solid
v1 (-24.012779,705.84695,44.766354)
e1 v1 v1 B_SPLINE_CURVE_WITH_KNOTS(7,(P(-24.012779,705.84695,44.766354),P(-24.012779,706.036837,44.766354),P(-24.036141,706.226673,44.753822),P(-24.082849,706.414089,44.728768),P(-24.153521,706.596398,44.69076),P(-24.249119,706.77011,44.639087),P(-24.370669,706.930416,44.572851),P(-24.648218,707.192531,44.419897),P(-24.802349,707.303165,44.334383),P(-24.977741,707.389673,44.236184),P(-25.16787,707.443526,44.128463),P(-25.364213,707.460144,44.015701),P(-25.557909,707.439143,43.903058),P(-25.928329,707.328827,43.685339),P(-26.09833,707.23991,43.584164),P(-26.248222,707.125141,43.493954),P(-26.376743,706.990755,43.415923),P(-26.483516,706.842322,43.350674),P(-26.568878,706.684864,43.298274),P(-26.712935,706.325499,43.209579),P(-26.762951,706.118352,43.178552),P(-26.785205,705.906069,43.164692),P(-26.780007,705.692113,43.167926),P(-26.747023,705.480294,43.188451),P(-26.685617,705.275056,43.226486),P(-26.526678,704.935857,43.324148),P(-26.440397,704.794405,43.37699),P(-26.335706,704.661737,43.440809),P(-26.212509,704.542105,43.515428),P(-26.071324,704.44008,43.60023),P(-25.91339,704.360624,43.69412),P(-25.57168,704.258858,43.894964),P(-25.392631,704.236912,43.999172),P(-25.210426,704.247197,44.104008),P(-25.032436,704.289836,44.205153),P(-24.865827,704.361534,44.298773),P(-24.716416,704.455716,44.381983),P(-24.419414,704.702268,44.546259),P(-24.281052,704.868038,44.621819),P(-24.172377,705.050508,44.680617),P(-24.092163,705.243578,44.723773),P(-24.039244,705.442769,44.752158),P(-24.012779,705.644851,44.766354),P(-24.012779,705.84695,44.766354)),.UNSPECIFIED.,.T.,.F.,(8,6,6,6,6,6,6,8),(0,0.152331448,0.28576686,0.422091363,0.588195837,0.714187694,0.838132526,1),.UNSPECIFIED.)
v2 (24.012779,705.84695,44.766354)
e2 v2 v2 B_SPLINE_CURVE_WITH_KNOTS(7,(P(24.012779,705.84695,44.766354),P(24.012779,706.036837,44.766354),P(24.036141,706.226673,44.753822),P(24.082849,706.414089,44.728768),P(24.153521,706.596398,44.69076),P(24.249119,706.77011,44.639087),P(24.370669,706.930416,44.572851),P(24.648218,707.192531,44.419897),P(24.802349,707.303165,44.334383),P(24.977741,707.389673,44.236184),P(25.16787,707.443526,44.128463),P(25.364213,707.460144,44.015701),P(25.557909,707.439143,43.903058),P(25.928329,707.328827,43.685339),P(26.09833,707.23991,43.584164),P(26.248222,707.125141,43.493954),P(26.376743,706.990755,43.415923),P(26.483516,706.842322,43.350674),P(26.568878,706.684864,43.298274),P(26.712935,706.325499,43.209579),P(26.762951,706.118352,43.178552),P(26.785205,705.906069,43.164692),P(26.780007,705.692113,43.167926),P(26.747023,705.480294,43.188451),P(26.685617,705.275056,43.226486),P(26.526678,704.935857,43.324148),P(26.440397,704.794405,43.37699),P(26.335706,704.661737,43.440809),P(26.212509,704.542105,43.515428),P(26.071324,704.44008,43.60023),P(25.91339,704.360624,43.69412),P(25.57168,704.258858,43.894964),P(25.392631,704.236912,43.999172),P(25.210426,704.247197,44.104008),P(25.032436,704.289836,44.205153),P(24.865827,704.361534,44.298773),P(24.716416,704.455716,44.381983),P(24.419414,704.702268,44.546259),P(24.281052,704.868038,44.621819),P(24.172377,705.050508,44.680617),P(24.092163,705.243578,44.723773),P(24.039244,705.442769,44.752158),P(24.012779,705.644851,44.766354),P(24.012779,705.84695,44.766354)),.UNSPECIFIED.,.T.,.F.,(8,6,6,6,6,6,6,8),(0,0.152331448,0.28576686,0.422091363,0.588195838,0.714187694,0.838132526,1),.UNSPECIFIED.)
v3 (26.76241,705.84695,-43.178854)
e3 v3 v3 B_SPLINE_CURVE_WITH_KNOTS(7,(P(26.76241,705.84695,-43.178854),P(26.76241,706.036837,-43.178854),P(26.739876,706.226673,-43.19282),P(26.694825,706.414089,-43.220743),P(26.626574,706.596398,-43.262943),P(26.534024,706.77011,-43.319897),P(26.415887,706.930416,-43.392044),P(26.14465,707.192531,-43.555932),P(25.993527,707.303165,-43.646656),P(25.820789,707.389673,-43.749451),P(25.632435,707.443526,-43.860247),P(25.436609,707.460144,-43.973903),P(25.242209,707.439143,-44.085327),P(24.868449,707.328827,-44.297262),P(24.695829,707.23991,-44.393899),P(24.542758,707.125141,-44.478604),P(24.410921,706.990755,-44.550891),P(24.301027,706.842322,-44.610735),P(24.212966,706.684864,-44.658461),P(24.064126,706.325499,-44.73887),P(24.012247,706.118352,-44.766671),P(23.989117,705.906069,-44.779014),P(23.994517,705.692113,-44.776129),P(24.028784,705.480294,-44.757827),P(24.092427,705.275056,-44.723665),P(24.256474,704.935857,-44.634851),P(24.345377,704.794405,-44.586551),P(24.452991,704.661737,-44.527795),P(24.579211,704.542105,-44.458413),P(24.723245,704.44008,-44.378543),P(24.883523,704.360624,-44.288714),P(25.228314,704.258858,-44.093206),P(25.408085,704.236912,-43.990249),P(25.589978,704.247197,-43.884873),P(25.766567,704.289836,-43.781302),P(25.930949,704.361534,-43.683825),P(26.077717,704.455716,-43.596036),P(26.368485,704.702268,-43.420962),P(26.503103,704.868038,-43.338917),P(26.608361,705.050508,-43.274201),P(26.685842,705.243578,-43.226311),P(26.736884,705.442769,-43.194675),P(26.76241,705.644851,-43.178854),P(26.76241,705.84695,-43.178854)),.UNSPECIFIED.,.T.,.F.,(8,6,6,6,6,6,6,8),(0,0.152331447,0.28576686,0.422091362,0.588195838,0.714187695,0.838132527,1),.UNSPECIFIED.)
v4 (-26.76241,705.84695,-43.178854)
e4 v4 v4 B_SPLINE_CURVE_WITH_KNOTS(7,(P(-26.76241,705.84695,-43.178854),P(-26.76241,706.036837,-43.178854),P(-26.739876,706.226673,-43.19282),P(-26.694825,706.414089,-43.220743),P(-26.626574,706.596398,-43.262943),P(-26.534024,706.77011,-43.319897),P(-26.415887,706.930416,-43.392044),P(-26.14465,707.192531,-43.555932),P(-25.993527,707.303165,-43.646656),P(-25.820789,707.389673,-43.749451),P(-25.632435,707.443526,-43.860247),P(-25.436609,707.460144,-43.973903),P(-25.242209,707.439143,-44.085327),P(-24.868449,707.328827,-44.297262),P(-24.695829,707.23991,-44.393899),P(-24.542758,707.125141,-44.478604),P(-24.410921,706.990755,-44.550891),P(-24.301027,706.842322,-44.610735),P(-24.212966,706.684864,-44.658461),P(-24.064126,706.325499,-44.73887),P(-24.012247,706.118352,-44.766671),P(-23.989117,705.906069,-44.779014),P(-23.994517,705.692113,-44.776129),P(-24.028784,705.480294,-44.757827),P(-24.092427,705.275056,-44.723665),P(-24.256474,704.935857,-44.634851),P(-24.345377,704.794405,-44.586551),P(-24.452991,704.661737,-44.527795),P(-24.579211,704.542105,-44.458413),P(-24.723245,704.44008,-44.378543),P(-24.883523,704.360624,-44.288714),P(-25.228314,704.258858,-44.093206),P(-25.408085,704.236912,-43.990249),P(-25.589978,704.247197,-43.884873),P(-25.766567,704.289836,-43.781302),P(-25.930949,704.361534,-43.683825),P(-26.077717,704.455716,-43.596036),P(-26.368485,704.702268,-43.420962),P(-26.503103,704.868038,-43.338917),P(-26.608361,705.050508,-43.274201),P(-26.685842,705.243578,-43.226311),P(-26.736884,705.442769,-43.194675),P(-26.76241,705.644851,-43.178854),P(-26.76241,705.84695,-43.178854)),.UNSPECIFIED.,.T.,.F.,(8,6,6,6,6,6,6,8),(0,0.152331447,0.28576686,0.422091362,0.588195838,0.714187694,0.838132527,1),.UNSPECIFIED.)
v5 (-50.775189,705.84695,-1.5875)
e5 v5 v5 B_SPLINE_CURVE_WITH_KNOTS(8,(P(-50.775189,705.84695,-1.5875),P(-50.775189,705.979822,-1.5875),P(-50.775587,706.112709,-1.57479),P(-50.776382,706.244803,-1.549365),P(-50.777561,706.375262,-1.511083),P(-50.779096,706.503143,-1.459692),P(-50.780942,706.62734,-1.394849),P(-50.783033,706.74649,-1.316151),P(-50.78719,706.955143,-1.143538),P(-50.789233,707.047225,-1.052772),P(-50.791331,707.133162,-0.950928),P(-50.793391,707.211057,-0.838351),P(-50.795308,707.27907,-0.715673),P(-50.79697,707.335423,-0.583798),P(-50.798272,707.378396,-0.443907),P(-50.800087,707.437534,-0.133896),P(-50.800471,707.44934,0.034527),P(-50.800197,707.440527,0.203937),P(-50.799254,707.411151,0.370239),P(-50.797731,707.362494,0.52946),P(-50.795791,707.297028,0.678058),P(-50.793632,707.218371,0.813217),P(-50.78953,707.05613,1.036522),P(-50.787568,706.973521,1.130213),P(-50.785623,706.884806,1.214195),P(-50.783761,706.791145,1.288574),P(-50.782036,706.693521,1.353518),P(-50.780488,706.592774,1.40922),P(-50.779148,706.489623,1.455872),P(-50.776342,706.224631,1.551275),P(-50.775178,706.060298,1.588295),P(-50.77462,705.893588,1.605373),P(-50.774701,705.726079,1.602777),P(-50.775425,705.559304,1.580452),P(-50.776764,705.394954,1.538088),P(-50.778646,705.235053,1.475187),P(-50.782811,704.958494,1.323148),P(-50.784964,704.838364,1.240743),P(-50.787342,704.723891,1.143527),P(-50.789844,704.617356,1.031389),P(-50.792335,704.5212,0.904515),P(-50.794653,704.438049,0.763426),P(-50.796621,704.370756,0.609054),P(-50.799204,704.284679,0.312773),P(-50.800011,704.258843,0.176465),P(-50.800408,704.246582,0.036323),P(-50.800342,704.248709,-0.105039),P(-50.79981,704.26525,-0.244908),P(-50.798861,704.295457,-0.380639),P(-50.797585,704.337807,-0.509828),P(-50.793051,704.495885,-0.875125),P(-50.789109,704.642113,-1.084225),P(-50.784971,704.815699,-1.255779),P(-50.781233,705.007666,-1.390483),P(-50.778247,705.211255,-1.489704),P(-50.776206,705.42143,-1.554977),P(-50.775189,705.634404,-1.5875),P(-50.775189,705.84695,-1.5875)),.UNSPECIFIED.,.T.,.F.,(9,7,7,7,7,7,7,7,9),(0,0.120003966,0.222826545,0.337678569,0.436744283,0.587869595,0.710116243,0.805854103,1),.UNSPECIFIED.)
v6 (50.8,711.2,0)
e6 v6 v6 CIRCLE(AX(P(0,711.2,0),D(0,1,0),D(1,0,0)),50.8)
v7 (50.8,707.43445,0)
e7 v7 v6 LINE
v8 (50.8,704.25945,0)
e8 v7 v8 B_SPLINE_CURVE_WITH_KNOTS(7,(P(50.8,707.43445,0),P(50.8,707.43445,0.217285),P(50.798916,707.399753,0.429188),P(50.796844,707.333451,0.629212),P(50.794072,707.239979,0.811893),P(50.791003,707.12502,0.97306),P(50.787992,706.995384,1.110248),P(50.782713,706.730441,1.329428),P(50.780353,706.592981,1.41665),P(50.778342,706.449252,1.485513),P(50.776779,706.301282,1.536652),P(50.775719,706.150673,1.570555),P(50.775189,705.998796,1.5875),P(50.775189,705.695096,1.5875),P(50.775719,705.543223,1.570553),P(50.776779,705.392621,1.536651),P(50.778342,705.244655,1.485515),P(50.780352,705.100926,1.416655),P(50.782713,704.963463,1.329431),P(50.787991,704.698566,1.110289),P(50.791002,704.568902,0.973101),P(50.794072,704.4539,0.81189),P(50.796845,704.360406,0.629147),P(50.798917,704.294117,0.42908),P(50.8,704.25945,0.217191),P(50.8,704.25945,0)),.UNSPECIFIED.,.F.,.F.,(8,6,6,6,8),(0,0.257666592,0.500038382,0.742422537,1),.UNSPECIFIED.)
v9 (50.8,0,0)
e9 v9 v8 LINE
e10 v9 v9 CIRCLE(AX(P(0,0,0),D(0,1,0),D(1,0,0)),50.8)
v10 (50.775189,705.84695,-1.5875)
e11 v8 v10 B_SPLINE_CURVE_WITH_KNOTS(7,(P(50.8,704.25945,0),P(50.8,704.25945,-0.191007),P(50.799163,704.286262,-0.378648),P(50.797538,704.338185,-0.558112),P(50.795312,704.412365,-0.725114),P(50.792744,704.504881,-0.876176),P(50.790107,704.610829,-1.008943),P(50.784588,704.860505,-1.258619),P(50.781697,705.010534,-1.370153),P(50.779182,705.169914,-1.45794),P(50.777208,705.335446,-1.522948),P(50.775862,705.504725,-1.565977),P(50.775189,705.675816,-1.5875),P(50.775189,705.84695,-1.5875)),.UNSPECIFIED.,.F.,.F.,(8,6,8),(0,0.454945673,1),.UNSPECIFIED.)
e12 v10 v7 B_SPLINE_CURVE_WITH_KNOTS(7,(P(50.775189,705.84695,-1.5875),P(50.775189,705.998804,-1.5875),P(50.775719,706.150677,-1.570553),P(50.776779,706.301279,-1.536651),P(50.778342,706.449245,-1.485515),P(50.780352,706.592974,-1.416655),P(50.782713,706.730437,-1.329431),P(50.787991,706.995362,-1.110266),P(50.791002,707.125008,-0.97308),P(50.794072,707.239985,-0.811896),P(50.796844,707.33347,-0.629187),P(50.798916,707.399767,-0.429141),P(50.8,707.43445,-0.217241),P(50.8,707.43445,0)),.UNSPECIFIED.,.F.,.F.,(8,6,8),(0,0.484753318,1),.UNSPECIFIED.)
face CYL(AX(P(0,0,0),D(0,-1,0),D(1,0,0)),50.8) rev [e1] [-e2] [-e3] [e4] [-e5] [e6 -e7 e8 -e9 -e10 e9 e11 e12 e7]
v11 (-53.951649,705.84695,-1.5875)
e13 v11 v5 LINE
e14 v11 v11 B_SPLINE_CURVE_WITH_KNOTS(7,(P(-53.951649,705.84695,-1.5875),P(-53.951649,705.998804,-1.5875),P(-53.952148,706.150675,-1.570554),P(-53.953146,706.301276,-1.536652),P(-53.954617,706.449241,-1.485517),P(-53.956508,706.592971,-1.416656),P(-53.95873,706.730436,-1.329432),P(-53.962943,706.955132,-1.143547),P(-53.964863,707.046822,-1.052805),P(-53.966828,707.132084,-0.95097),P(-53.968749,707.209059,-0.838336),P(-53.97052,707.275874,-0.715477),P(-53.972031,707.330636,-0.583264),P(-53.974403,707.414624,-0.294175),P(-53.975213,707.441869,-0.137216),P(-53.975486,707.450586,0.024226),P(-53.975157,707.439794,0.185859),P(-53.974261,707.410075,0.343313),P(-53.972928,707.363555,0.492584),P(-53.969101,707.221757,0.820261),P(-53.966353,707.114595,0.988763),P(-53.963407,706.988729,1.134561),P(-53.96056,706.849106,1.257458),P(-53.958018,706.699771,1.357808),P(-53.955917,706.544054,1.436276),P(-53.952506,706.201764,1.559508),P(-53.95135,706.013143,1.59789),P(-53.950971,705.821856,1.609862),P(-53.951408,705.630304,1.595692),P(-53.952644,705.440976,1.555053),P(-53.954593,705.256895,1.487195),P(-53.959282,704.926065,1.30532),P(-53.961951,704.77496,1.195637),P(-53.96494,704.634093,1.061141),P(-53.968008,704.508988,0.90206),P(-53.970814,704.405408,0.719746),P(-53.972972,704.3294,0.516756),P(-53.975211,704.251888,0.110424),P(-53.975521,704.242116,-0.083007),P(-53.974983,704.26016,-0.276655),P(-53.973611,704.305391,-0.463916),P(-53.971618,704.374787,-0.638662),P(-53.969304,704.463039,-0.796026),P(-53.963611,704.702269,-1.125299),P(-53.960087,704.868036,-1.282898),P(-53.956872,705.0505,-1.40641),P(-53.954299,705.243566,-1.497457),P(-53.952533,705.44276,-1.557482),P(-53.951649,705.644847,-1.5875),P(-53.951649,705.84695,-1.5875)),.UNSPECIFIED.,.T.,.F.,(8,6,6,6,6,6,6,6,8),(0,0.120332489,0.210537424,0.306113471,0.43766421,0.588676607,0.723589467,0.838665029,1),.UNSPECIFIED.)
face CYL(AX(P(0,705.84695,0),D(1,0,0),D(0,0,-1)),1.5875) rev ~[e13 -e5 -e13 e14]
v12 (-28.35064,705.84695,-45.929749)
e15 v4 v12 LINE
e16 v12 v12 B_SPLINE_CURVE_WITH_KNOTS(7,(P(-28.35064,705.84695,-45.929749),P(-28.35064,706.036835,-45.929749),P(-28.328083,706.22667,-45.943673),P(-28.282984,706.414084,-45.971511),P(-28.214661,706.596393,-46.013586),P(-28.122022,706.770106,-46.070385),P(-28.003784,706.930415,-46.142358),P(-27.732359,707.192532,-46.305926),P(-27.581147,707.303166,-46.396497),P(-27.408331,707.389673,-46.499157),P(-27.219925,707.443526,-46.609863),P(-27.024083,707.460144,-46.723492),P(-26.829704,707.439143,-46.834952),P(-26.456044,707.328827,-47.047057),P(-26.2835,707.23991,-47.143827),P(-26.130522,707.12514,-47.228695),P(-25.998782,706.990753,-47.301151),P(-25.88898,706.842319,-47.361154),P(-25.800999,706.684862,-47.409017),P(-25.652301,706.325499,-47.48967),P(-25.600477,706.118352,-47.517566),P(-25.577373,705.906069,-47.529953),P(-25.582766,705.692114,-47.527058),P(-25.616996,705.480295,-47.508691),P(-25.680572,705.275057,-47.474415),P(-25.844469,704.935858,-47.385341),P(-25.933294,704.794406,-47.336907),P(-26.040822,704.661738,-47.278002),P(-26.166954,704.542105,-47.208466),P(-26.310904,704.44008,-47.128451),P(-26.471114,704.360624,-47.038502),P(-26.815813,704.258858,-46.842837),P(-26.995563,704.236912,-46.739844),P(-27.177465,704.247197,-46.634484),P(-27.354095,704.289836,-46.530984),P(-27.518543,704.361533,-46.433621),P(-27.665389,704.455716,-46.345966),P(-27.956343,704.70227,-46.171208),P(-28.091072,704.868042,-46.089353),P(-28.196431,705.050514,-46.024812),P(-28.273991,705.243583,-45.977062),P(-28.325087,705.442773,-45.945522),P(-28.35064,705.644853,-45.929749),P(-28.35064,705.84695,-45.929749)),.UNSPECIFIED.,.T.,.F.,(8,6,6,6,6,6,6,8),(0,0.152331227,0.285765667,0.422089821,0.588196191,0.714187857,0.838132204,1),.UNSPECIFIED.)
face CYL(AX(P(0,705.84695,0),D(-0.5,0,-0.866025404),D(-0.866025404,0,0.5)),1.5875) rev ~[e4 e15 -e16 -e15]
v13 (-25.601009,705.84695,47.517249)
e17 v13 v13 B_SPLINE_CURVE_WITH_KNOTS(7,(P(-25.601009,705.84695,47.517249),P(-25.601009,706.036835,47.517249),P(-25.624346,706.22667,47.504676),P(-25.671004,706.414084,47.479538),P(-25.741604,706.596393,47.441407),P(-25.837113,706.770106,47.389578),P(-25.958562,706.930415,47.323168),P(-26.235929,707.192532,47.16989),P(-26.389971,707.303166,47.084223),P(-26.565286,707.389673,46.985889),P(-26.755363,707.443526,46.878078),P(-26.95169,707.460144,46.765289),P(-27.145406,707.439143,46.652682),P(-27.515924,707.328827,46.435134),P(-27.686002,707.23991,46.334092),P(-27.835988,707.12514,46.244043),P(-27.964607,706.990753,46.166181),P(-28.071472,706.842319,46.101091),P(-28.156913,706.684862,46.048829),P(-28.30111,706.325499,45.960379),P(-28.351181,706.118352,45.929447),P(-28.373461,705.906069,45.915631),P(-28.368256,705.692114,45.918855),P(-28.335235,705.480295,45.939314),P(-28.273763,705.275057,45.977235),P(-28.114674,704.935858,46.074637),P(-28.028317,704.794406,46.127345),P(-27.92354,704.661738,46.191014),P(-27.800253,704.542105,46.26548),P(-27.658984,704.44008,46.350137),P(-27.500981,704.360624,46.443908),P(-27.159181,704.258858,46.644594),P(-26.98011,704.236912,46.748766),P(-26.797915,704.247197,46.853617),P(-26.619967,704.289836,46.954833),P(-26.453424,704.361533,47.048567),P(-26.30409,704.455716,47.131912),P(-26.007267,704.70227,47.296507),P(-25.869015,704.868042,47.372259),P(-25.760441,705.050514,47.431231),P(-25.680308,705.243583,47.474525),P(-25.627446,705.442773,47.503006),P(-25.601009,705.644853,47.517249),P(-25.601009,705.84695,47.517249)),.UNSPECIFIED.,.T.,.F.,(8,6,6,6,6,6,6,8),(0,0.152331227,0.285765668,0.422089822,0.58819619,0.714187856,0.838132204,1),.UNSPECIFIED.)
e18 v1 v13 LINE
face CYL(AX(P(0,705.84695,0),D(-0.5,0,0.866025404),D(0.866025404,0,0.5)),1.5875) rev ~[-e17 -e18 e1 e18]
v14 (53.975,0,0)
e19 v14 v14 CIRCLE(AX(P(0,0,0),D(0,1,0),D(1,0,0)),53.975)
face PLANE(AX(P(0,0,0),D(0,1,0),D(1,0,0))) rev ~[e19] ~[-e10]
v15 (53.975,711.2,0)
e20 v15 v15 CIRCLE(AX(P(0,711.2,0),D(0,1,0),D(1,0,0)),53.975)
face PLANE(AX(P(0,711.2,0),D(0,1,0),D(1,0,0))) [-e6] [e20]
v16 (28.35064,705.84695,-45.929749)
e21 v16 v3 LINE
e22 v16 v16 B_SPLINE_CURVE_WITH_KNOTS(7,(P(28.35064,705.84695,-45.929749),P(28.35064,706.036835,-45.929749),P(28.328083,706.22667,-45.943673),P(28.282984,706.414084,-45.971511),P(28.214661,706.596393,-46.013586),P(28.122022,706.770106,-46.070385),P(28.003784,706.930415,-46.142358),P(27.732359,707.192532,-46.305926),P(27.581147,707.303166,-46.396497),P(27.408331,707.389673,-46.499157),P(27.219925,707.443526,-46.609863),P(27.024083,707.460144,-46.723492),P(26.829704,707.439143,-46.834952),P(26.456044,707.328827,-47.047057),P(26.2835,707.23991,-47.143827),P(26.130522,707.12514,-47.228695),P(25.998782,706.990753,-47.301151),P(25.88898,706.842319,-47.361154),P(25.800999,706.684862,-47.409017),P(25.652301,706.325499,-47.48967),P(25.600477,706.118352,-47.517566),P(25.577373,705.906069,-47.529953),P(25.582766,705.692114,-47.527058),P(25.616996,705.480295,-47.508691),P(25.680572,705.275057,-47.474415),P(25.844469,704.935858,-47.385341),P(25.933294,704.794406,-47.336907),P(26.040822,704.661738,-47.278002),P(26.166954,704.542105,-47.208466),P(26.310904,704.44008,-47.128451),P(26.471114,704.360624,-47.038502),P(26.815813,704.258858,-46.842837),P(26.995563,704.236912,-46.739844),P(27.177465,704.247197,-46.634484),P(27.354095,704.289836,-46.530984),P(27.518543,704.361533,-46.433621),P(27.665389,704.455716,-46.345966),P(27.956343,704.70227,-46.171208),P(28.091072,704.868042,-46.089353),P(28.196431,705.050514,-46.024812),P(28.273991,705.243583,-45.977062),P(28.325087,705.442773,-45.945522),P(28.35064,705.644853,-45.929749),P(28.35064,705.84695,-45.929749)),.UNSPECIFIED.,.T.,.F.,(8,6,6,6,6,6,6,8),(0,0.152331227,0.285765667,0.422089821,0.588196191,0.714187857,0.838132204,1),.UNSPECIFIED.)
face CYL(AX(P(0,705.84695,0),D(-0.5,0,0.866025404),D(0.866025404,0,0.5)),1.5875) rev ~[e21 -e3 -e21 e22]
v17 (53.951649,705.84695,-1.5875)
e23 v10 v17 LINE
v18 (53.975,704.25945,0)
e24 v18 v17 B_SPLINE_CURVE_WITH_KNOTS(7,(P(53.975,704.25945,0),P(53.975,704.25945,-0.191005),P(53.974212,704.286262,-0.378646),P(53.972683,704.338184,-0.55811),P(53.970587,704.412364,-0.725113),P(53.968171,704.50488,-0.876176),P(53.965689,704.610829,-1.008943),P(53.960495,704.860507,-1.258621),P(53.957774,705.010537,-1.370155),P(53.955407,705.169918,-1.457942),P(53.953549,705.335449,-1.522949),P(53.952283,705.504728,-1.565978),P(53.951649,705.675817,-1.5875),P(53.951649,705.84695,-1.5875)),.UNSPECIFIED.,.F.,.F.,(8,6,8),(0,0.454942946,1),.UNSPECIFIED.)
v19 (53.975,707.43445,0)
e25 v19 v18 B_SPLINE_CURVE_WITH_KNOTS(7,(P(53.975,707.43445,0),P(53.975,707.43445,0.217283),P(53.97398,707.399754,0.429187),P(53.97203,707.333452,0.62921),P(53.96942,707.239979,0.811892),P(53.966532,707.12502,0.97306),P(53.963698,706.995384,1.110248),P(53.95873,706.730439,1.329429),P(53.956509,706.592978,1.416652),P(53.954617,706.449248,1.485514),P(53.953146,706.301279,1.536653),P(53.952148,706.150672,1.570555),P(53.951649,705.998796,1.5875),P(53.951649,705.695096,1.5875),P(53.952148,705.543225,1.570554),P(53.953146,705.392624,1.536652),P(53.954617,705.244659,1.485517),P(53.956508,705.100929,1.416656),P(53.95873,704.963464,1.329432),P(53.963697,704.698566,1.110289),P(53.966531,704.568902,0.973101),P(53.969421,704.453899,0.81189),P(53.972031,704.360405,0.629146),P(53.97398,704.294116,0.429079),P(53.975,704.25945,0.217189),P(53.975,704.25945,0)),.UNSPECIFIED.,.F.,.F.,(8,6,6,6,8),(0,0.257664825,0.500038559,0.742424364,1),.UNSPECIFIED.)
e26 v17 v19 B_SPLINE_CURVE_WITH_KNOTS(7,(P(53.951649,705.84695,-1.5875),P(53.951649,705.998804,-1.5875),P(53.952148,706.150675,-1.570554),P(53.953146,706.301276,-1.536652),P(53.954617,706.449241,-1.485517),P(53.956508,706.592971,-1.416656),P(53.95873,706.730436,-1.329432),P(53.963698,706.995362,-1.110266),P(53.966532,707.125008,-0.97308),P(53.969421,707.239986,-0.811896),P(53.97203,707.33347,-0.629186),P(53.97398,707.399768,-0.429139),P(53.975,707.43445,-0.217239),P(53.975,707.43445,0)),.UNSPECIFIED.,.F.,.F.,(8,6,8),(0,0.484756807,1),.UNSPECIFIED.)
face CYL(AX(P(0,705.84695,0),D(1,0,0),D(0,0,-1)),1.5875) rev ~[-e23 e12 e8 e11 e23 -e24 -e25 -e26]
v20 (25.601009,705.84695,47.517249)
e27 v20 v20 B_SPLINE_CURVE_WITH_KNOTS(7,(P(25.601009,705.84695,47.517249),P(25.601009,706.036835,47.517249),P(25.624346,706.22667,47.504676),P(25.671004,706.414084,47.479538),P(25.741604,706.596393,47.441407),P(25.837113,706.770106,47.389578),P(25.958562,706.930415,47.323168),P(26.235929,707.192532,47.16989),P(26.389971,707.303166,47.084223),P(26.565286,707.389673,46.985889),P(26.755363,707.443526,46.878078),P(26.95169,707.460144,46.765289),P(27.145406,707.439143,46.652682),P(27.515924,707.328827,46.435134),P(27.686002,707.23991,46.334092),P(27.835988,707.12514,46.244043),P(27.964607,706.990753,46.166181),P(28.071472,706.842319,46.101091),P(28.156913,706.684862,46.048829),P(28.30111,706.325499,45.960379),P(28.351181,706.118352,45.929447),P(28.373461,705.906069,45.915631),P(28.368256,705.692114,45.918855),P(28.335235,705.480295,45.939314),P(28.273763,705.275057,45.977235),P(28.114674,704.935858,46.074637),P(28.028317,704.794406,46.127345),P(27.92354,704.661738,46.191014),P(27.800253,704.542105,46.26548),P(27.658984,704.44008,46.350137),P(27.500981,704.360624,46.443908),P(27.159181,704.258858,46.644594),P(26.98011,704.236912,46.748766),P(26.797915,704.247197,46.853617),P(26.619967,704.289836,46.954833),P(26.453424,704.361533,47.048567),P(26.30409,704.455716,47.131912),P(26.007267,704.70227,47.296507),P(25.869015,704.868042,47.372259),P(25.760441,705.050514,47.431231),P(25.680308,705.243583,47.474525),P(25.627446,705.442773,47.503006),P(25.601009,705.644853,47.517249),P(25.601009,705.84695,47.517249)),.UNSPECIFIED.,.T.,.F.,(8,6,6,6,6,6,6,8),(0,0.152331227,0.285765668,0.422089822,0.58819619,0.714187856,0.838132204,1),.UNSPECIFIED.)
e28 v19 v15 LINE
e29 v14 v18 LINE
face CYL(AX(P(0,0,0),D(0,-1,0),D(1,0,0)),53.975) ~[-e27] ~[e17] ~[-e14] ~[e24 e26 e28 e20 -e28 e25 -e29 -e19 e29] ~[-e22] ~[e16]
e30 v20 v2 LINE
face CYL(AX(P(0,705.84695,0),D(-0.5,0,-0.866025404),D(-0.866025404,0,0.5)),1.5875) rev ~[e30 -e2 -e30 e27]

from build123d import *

# Parameters (mm, degrees)
SKETCH1_R           = 53.975
SKETCH1_R_2         = 50.8
BOSS_EXTRUDE1_DEPTH = 711.2
SKETCH2_R           = 1.5875
CUT_EXTRUDE1_DEPTH  = 54.975
CIRPATTERN1_COUNT   = 3


with BuildPart() as part:
    # Sketch1 → Boss-Extrude1 (new body)
    with BuildSketch(Plane(origin=(0, 0, 0), x_dir=(1, 0, 0), z_dir=(0, 1, 0))):
        Circle(SKETCH1_R)
        Circle(SKETCH1_R_2, mode=Mode.SUBTRACT)
    extrude(amount=BOSS_EXTRUDE1_DEPTH)

    # Sketch2 → Cut-Extrude1 (cut, symmetric)
    with BuildSketch(Plane(origin=(0, 0, 0), x_dir=(0, 0, -1), z_dir=(1, 0, 0))):
        with Locations((0, 705.84695)):
            Circle(SKETCH2_R)
    cut_extrude1 = extrude(amount=CUT_EXTRUDE1_DEPTH, both=True, mode=Mode.SUBTRACT)

    # CirPattern1: Cut-Extrude1 ×3 about axis
    cirpattern1_axis = Axis((0, 711.2, 0), (0, 1, 0))
    for i in range(1, CIRPATTERN1_COUNT):
        add(cut_extrude1.rotate(cirpattern1_axis, i * 360 / CIRPATTERN1_COUNT), mode=Mode.SUBTRACT)


solid = part.part
